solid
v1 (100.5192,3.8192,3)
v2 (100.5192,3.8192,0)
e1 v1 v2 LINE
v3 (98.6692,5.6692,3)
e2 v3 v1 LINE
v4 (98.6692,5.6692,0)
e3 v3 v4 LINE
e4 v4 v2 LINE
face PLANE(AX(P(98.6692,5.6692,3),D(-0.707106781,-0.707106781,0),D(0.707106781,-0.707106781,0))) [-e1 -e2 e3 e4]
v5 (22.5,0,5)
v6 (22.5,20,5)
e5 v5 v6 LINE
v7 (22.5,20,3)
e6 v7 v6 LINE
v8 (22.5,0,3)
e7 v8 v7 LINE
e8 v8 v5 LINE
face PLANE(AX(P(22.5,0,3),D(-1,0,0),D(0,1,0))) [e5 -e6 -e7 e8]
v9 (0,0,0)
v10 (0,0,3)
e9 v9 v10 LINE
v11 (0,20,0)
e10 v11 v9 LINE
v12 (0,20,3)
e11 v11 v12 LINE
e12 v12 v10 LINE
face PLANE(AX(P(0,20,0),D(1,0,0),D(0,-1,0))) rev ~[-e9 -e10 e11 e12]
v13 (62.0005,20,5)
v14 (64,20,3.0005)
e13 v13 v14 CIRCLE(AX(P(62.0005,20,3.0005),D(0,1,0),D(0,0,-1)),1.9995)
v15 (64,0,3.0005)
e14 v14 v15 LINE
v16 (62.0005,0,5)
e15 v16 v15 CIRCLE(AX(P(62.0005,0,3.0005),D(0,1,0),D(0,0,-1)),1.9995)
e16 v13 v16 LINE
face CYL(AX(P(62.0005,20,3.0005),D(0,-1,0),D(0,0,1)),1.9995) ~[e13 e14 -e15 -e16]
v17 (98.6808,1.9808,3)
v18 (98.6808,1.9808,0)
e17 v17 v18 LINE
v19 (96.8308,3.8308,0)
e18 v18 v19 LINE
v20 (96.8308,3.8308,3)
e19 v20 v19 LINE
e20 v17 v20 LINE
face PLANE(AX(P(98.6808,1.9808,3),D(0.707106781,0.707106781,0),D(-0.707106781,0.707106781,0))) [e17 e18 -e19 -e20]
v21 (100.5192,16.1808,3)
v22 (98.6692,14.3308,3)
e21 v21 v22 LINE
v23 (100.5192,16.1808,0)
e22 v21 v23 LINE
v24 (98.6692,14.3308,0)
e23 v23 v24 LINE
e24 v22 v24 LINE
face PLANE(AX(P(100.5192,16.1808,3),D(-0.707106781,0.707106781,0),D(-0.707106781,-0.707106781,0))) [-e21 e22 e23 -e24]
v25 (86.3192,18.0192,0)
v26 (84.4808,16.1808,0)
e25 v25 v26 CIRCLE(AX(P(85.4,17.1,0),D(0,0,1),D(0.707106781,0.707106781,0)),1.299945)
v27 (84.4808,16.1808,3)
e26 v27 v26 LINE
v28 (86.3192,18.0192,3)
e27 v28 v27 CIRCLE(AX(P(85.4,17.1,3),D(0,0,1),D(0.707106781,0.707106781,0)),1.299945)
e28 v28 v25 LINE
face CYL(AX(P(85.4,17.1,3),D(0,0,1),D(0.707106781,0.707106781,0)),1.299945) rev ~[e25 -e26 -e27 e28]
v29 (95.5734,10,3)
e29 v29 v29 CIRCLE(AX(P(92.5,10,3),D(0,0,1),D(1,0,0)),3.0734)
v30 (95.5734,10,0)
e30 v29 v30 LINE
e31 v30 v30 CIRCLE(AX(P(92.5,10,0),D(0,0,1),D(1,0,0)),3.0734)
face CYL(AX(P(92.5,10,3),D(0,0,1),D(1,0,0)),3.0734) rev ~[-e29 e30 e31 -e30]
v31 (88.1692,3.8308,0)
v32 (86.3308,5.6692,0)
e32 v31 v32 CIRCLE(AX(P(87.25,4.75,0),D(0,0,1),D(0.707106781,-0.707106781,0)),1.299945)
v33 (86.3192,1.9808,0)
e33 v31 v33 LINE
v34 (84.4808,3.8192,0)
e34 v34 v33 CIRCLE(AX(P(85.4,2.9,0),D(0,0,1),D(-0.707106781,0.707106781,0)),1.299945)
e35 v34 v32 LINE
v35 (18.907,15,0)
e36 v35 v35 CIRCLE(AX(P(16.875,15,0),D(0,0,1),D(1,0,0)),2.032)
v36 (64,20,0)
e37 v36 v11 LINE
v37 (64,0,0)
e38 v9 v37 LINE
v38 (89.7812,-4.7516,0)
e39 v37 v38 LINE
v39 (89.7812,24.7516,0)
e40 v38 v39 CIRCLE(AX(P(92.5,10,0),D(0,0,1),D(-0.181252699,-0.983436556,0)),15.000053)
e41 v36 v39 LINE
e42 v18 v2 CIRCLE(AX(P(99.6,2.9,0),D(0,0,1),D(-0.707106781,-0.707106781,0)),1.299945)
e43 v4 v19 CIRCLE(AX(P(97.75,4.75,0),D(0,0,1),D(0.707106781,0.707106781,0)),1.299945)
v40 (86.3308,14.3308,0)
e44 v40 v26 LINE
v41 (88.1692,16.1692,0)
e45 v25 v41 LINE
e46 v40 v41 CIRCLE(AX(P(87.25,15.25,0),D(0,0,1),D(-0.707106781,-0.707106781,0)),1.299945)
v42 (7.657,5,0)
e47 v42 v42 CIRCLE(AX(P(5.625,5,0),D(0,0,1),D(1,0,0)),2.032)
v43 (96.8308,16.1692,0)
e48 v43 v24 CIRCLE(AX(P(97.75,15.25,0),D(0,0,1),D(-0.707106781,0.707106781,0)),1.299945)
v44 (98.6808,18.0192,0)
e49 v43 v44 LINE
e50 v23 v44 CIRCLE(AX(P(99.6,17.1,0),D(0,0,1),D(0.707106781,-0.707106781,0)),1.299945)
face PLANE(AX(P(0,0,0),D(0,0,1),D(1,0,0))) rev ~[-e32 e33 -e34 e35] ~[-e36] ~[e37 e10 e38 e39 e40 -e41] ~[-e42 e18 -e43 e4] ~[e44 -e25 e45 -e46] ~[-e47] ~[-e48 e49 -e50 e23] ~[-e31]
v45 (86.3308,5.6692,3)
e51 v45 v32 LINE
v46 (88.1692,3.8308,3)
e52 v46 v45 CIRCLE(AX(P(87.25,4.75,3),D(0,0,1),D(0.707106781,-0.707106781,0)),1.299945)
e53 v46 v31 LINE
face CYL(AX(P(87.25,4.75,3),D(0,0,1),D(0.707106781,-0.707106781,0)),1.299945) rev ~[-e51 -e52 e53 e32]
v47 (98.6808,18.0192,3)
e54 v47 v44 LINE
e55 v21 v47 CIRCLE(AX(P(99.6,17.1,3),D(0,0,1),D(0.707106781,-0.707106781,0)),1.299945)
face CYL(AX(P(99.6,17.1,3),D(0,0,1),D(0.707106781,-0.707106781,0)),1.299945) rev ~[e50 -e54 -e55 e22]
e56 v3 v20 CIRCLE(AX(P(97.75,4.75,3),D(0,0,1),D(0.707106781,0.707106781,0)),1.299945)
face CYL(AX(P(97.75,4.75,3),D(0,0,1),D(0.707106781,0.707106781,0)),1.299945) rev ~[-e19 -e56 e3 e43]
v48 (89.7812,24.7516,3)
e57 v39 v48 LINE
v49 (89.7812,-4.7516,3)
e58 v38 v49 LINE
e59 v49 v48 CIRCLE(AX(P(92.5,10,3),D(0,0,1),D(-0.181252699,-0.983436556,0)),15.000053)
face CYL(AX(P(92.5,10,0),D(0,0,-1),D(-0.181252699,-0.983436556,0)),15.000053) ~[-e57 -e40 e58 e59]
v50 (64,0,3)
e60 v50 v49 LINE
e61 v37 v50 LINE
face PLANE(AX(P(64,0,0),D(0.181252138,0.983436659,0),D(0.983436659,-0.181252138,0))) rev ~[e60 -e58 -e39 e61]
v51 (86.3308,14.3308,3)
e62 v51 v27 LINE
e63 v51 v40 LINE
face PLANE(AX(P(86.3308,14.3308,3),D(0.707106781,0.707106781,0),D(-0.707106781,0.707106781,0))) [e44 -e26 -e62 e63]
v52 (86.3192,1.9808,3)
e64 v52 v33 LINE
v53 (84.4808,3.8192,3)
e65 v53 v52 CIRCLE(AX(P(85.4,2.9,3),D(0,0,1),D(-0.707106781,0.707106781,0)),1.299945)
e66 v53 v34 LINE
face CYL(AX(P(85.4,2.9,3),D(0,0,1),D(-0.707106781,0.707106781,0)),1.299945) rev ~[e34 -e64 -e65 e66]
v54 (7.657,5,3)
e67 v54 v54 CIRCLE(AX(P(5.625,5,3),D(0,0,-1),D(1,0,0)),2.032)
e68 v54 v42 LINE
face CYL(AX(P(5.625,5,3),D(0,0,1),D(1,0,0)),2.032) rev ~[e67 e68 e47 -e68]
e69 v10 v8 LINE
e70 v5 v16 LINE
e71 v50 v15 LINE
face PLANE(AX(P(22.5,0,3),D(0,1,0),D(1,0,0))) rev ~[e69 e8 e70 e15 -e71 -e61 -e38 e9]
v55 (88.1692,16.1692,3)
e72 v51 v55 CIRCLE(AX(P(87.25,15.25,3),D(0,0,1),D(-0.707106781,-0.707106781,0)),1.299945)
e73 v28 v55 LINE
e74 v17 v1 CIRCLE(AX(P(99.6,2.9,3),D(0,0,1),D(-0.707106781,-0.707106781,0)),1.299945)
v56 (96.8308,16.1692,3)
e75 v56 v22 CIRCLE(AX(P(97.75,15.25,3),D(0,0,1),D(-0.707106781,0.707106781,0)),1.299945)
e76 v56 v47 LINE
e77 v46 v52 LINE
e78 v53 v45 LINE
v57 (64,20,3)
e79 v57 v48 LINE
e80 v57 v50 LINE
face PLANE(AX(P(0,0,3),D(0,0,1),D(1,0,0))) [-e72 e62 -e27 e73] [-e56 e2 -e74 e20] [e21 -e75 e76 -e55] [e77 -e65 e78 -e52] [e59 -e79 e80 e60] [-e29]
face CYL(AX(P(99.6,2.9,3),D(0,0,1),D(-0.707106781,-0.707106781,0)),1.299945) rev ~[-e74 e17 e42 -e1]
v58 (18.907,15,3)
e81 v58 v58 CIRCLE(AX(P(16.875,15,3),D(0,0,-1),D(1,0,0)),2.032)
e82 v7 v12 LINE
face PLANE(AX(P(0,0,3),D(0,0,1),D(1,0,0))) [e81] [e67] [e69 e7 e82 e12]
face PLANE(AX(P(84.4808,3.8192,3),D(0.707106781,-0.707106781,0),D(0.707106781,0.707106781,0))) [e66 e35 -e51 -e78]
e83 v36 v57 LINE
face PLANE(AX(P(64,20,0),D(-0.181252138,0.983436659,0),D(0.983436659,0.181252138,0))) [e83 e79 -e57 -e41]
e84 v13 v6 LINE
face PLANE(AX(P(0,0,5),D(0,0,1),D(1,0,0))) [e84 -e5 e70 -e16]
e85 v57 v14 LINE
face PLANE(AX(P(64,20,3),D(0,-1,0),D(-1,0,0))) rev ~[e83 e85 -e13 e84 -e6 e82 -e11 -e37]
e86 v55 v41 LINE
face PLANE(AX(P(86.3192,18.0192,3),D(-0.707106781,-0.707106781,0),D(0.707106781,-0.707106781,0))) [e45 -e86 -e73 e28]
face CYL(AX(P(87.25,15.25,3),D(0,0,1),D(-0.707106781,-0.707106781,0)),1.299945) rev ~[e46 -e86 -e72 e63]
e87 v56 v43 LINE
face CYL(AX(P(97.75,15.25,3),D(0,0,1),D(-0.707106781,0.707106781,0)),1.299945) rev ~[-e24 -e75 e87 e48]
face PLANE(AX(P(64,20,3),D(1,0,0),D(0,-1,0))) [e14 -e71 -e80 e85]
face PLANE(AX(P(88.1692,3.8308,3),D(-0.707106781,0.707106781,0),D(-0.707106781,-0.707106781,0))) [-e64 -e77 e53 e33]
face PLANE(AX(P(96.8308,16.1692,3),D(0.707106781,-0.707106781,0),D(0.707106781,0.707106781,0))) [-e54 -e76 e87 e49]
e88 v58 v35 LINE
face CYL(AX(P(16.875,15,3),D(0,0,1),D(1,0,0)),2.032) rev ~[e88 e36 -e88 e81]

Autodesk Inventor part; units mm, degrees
ref_plane "YZ Plane" through (0, 0, 0) normal (1, 0, 0) x (0, 1, 0)
ref_plane "XZ Plane" through (0, 0, 0) normal (0, 1, 0) x (-1, 0, 0)
ref_plane "XY Plane" through (0, 0, 0) normal (0, 0, 1) x (1, 0, 0)
sketch "Sketch1" plane through (0, 0, 0) normal (0, 0, 1) x (1, 0, 0)
  line L0 (0, 0) -> (64, 0)
  line L1 (64, 20) -> (0, 20)
  line L2 (0, 20) -> (0, 0)
  arc A0 (89.7812, -4.7516) -> (89.7812, 24.7516) centre (92.5, 10) ccw
  line L3 (64, 20) -> (89.7812, 24.7516)
  line L4 (64, 0) -> (89.7812, -4.7516)
  circle A1 centre (92.5, 10) radius 1.5
  dimension "d5" = 30
  dimension "d6" = 92.5
  dimension "d9" = 3
  dimension "d26" = 20
extrude "Extrusion1" add sketch "Sketch1" along normal blind 3 contours L2 L1 L3 A0 L4 L0 | A1
extrude "Extrusion2" cut sketch "Sketch1" along normal blind 10 contours A1
sketch "Sketch3" plane through (0, 0, 3) normal (0, 0, 1) x (1, 0, 0)
  circle A0 centre (92.5, 10) radius 1.5 projected
  circle A1 centre (92.5, 10) radius 1.5
  line L0 (92.5, 10) -> (128.0101, 10) construction
  arc A2 (96.8308, 16.1692) -> (98.6692, 14.3308) centre (97.75, 15.25) ccw
  arc A3 (100.5192, 16.1808) -> (98.6808, 18.0192) centre (99.6, 17.1) ccw
  line L1 (96.8308, 16.1692) -> (98.6808, 18.0192)
  line L2 (100.5192, 16.1808) -> (98.6692, 14.3308)
  point P0 (0, 0)
  dimension "d18" = 2.6
  dimension "d19" = 2.6
extrude "Extrusion3" cut sketch "Sketch3" against normal blind 10 contours L1 A3 L2 A2
pattern_circular "Circular Pattern1" count 4 over 360 about axis through (92.5, 10, 0) along (0, 0, 1) of "Extrusion3"
sketch "Sketch4" plane through (0, 0, 3) normal (0, 0, 1) x (1, 0, 0)
  circle A0 centre (5.625, 5) radius 1.6
  circle A1 centre (16.875, 15) radius 1.6
  point P0 (0, 0)
  dimension "d27" = 3.2
  dimension "d28" = 3.2
extrude "Extrusion4" cut sketch "Sketch4" against normal blind 10
sketch "Sketch5" plane through (0, 0, 3) normal (0, 0, 1) x (1, 0, 0)
  line L0 (91.1147, 10.2457) -> (94, 10)
  circle A0 centre (92.5, 10) radius 1.5 projected
  circle A1 centre (16.875, 15) radius 1.6 projected
  line L1 (17.5362, 16.511) -> (16.875, 15)
  circle A2 centre (5.625, 5) radius 1.6 projected
  line L2 (16.875, 15) -> (5.625, 5)
  circle A3 centre (16.875, 15) radius 2.032
  circle A4 centre (5.625, 5) radius 2.032
  point P0 (0, 0)
  dimension "d31" = 4.064
  dimension "d32" = 4.064
extrude "Extrusion5" cut sketch "Sketch5" against normal blind 10 contours A1 L2 L1 | A3 | A2 | A4 | L1 L2 A1
sketch "Sketch6" plane through (0, 0, 3) normal (0, 0, 1) x (1, 0, 0)
  circle A0 centre (92.5, 10) radius 1.5 projected
  line L0 (92.8215, 11.4329) -> (92.5, 10)
  circle A1 centre (92.5, 10) radius 3.0734
  point P0 (0, 0)
  dimension "d35" = 6.1468
extrude "Extrusion6" cut sketch "Sketch6" against normal blind 10
sketch "Sketch7" plane through (0, 0, 3) normal (0, 0, 1) x (1, 0, 0)
  point P0 (0, 0)
sketch "Sketch8" plane through (0, 0, 3) normal (0, 0, 1) x (1, 0, 0)
  point P0 (0, 0)
sketch "Sketch9" plane through (0, 0, 3) normal (0, 0, 1) x (1, 0, 0)
  point P0 (0, 0)
sketch "Sketch10" plane through (0, 0, 3) normal (0, 0, 1) x (1, 0, 0)
  line L0 (0, 0) -> (64, 0) projected
  line L1 (22.5, 0) -> (22.5, 20)
  line L2 (64, 20) -> (0, 20) projected
  line L3 (0, 20) -> (0, 0) projected
  line L4 (64, 20) -> (64, 0)
  dimension "d38" = 22.5
extrude "Extrusion7" add sketch "Sketch10" along normal blind 2 contours L1 L2 L4 L0
fillet "Fillet1" radius 2 1 edges at (64, 10, 5)
properties part number "Arm"
